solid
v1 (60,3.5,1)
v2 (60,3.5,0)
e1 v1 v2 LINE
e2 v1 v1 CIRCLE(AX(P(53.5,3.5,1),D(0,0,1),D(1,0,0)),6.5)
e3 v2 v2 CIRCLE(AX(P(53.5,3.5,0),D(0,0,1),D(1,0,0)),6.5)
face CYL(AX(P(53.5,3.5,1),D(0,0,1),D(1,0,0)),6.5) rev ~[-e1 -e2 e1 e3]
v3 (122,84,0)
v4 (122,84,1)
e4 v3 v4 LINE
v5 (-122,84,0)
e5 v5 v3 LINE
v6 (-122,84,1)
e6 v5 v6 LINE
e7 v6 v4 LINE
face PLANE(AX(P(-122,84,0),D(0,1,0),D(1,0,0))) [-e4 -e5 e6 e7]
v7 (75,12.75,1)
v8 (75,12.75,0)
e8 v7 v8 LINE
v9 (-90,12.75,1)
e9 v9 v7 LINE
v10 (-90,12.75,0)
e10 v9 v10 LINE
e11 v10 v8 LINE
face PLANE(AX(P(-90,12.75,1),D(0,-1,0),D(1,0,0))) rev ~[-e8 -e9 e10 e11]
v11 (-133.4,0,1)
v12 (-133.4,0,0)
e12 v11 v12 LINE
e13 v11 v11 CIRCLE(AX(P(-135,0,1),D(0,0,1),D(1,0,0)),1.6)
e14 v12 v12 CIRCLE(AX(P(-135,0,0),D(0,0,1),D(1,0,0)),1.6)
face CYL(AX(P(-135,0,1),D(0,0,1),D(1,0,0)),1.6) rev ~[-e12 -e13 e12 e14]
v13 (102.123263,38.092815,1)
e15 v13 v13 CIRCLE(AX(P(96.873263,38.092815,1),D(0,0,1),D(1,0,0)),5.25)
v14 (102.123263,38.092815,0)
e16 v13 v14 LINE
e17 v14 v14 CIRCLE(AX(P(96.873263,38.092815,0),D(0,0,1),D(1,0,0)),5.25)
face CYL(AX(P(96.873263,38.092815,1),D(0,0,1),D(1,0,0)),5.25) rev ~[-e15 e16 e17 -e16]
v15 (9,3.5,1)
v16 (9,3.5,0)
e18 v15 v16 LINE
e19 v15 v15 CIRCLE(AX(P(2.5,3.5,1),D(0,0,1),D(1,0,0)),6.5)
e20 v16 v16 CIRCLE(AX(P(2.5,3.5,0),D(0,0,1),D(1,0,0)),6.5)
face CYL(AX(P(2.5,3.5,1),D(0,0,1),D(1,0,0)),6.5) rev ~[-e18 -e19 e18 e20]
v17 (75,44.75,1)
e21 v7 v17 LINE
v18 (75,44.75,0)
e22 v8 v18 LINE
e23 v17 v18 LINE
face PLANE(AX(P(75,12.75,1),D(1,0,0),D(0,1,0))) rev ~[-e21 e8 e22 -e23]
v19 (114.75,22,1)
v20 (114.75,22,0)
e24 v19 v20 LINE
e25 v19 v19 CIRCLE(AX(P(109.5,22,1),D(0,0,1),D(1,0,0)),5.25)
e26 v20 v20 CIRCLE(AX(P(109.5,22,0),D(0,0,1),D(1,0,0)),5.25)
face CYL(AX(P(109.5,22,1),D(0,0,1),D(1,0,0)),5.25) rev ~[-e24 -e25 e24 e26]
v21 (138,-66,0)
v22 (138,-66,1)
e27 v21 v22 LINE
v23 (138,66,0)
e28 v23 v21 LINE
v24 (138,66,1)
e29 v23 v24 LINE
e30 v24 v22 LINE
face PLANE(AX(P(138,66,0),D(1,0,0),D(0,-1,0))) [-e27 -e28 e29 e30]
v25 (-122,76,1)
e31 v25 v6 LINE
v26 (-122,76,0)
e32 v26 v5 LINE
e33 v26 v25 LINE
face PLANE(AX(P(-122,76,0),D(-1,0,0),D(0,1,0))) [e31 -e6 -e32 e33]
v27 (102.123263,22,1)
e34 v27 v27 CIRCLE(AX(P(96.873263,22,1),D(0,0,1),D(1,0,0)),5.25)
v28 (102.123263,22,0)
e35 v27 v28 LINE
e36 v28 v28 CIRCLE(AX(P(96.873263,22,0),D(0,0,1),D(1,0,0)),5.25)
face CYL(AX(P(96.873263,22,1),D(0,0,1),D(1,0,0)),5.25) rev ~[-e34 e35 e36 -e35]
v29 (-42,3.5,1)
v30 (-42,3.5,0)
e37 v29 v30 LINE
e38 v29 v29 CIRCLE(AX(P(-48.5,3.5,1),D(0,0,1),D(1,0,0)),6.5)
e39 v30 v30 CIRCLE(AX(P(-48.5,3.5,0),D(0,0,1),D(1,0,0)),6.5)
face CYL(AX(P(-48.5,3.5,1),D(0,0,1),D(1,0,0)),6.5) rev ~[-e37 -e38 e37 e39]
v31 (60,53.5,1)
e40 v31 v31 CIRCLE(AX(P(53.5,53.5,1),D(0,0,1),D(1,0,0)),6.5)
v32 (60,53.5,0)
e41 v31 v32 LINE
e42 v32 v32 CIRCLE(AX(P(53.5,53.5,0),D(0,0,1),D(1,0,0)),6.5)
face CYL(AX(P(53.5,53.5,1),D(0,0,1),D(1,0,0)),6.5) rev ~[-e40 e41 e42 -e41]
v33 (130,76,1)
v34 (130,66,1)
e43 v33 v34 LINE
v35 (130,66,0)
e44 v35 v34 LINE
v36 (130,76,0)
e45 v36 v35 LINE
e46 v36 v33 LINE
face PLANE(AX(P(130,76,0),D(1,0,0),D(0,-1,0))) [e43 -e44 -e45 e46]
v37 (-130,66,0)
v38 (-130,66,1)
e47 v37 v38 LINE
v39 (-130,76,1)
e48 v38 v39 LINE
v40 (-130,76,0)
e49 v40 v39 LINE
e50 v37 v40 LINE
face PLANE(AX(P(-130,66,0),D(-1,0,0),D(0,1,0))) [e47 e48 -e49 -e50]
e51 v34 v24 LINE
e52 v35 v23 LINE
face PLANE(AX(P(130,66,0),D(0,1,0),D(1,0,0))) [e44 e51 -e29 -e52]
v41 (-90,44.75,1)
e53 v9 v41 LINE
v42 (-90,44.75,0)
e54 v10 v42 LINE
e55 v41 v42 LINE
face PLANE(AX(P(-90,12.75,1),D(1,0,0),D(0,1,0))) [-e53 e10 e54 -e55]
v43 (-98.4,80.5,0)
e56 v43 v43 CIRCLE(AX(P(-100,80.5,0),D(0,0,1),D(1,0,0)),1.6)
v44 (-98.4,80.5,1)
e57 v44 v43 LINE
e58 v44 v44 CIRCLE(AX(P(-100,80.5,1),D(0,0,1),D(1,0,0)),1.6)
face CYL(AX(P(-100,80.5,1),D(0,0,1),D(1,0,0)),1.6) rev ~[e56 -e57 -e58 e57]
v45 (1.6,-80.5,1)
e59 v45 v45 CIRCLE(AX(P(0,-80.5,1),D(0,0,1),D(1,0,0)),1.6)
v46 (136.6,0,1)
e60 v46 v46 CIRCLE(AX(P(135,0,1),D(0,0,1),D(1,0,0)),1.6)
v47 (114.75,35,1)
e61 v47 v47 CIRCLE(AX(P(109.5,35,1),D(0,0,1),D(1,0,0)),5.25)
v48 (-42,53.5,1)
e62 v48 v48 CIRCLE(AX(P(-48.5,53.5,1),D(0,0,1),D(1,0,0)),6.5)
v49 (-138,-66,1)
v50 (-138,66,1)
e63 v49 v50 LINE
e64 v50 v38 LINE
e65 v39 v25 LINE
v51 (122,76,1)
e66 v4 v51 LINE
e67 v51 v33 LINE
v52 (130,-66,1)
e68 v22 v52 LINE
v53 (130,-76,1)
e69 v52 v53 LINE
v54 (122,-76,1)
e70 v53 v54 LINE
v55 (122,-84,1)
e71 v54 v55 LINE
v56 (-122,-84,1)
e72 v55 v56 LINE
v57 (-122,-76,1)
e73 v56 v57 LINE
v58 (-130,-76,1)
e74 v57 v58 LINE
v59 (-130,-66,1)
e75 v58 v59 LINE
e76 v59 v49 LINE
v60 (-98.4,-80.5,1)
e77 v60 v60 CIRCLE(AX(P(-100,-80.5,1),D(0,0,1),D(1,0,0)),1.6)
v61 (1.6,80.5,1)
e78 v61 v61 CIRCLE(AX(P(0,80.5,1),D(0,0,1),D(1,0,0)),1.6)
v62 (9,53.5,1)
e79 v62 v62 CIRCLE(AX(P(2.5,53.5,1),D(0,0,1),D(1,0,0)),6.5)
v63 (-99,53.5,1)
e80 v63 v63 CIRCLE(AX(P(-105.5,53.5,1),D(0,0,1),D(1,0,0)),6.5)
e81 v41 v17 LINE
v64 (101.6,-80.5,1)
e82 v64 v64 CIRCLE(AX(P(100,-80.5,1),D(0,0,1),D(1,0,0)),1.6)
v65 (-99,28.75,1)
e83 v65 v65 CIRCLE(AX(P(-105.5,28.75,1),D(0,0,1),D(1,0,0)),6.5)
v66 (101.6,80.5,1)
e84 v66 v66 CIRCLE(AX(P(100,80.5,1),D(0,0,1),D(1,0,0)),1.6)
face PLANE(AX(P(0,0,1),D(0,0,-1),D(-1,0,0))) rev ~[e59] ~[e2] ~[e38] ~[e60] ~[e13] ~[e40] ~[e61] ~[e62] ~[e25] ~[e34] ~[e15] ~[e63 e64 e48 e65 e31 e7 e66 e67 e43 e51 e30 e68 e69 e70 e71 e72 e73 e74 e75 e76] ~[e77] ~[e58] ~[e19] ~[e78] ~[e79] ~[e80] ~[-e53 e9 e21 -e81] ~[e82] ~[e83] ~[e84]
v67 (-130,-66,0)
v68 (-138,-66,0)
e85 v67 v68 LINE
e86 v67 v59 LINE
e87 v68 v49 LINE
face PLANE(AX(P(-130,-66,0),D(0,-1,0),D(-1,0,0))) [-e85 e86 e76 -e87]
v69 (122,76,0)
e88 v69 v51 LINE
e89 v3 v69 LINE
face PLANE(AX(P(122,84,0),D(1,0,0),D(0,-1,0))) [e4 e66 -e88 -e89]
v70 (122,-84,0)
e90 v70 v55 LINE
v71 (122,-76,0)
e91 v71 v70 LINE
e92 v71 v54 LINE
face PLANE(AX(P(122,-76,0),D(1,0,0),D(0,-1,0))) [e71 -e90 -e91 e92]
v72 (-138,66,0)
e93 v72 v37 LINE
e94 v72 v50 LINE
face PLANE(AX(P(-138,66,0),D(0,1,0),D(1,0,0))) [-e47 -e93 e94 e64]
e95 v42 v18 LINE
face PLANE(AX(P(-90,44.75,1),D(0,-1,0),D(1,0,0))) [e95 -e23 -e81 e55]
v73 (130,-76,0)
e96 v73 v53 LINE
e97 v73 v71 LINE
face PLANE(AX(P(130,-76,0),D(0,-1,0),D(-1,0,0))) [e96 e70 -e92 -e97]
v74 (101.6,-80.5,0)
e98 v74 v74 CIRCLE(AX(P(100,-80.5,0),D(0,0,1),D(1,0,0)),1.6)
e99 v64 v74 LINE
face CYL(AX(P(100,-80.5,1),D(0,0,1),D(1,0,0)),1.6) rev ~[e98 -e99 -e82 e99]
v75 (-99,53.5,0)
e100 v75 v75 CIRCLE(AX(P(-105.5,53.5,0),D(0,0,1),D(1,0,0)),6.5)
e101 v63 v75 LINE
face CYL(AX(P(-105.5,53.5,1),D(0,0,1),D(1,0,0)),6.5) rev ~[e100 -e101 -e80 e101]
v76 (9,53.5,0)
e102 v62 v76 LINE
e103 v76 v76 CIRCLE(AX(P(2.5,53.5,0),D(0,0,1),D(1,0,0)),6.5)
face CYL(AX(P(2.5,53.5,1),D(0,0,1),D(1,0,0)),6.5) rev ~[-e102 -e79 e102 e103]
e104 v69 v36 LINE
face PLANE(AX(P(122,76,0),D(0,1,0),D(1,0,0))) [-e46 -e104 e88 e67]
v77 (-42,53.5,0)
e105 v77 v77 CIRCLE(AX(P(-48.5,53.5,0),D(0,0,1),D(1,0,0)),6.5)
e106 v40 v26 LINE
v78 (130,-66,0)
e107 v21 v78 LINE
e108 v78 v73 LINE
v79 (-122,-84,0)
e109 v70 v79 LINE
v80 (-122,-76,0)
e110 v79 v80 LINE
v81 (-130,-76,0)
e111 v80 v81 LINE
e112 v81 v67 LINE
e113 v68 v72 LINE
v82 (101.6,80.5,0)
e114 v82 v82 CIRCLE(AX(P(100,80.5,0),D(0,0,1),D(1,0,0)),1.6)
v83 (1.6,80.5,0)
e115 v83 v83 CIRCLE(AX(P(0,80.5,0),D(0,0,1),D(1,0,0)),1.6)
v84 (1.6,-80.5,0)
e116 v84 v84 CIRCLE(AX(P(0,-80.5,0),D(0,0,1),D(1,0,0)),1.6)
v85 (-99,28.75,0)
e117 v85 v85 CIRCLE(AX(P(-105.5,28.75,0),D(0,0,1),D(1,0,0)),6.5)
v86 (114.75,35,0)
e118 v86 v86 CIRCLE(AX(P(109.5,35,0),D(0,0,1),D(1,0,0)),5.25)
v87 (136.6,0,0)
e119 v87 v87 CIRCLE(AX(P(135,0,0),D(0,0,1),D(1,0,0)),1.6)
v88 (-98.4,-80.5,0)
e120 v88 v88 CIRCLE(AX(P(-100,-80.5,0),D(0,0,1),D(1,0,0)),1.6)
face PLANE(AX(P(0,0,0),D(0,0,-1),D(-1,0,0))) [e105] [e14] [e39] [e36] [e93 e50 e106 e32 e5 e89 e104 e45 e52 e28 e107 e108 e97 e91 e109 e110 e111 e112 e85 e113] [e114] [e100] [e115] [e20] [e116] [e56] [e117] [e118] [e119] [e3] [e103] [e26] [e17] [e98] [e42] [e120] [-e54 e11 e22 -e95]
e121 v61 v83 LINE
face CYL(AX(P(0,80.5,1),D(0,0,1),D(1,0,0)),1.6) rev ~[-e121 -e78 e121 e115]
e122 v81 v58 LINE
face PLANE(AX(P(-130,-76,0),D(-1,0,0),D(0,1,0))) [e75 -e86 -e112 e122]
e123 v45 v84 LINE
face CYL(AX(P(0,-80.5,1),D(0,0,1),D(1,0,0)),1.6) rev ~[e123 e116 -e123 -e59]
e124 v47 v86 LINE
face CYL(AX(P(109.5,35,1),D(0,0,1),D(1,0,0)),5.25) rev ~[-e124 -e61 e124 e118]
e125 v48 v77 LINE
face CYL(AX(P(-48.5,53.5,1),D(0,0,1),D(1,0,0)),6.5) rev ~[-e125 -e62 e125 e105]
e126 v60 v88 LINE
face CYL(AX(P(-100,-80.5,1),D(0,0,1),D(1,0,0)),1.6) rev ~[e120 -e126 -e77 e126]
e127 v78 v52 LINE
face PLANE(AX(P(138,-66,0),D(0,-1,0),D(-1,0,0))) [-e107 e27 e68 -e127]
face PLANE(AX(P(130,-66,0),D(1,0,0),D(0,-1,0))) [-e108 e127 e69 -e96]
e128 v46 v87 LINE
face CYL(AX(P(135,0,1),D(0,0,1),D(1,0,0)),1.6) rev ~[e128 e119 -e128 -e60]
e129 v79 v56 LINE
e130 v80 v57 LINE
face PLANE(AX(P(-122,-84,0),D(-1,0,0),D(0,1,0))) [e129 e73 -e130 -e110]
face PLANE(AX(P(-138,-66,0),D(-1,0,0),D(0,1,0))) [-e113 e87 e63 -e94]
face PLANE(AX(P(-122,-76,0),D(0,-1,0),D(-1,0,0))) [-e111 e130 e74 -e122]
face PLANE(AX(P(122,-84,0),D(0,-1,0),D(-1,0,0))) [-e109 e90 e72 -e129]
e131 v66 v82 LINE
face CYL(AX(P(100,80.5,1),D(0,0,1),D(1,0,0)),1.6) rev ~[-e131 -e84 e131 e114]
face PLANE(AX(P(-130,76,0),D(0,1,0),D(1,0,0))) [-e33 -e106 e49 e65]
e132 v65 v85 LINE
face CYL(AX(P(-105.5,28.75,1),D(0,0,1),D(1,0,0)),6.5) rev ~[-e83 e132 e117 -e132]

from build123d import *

# Parameters (mm, degrees)
EXTRUDE1_DEPTH        = 1
SKETCH2_W             = 165
SKETCH2_H             = 32
CUT_EXTRUDE1_DEPTH    = 1
SKETCH3_R             = 6.5
SKETCH3_R_2           = 5.25
CUT_EXTRUDE2_DEPTH    = 1
ESBO_O1_R             = 1.6
CORTE_EXTRUS_O1_DEPTH = 2


with BuildPart() as part:
    # Sketch1 → Extrude1 (new body)
    with BuildSketch(Plane.XY):
        Polygon((-122, 84), (122, 84), (122, 76), (130, 76), (130, 66), (138, 66), (138, -66), (130, -66), (130, -76), (122, -76), (122, -84), (-122, -84), (-122, -76), (-130, -76), (-130, -66), (-138, -66), (-138, 66), (-130, 66), (-130, 76), (-122, 76), align=None)
    extrude(amount=EXTRUDE1_DEPTH)

    # Sketch2 → Cut-Extrude1 (cut)
    with BuildSketch(Plane.XY.offset(1)):
        with Locations((-7.5, 28.75)):
            Rectangle(SKETCH2_W, SKETCH2_H)
    extrude(amount=-CUT_EXTRUDE1_DEPTH, mode=Mode.SUBTRACT)

    # Sketch3 → Cut-Extrude2 (cut)
    with BuildSketch(Plane.XY.offset(1)):
        with Locations((-105.5, 53.5)):
            Circle(SKETCH3_R)
        with Locations((-105.5, 28.75)):
            Circle(SKETCH3_R)
        with Locations((-48.5, 3.5)):
            Circle(SKETCH3_R)
        with Locations((2.5, 3.5)):
            Circle(SKETCH3_R)
        with Locations((53.5, 3.5)):
            Circle(SKETCH3_R)
        with Locations((53.5, 53.5)):
            Circle(SKETCH3_R)
        with Locations((2.5, 53.5)):
            Circle(SKETCH3_R)
        with Locations((-48.5, 53.5)):
            Circle(SKETCH3_R)
        with Locations((96.873262634, 38.092814818)):
            Circle(SKETCH3_R_2)
        with Locations((109.5, 35)):
            Circle(SKETCH3_R_2)
        with Locations((109.5, 22)):
            Circle(SKETCH3_R_2)
        with Locations((96.873262634, 22)):
            Circle(SKETCH3_R_2)
    extrude(amount=-CUT_EXTRUDE2_DEPTH, mode=Mode.SUBTRACT)

    # Esboço1 → Corte-extrusão1 (cut, through all)
    with BuildSketch(Plane.XY.offset(1)):
        with Locations((0, -80.5)):
            Circle(ESBO_O1_R)
        with Locations((-100, -80.5)):
            Circle(ESBO_O1_R)
        with Locations((100, -80.5)):
            Circle(ESBO_O1_R)
        with Locations((-135, 0)):
            Circle(ESBO_O1_R)
        with Locations((135, 0)):
            Circle(ESBO_O1_R)
        with Locations((100, 80.5)):
            Circle(ESBO_O1_R)
        with Locations((-100, 80.5)):
            Circle(ESBO_O1_R)
        with Locations((0, 80.5)):
            Circle(ESBO_O1_R)
    extrude(amount=-CORTE_EXTRUS_O1_DEPTH, mode=Mode.SUBTRACT)


solid = part.part
